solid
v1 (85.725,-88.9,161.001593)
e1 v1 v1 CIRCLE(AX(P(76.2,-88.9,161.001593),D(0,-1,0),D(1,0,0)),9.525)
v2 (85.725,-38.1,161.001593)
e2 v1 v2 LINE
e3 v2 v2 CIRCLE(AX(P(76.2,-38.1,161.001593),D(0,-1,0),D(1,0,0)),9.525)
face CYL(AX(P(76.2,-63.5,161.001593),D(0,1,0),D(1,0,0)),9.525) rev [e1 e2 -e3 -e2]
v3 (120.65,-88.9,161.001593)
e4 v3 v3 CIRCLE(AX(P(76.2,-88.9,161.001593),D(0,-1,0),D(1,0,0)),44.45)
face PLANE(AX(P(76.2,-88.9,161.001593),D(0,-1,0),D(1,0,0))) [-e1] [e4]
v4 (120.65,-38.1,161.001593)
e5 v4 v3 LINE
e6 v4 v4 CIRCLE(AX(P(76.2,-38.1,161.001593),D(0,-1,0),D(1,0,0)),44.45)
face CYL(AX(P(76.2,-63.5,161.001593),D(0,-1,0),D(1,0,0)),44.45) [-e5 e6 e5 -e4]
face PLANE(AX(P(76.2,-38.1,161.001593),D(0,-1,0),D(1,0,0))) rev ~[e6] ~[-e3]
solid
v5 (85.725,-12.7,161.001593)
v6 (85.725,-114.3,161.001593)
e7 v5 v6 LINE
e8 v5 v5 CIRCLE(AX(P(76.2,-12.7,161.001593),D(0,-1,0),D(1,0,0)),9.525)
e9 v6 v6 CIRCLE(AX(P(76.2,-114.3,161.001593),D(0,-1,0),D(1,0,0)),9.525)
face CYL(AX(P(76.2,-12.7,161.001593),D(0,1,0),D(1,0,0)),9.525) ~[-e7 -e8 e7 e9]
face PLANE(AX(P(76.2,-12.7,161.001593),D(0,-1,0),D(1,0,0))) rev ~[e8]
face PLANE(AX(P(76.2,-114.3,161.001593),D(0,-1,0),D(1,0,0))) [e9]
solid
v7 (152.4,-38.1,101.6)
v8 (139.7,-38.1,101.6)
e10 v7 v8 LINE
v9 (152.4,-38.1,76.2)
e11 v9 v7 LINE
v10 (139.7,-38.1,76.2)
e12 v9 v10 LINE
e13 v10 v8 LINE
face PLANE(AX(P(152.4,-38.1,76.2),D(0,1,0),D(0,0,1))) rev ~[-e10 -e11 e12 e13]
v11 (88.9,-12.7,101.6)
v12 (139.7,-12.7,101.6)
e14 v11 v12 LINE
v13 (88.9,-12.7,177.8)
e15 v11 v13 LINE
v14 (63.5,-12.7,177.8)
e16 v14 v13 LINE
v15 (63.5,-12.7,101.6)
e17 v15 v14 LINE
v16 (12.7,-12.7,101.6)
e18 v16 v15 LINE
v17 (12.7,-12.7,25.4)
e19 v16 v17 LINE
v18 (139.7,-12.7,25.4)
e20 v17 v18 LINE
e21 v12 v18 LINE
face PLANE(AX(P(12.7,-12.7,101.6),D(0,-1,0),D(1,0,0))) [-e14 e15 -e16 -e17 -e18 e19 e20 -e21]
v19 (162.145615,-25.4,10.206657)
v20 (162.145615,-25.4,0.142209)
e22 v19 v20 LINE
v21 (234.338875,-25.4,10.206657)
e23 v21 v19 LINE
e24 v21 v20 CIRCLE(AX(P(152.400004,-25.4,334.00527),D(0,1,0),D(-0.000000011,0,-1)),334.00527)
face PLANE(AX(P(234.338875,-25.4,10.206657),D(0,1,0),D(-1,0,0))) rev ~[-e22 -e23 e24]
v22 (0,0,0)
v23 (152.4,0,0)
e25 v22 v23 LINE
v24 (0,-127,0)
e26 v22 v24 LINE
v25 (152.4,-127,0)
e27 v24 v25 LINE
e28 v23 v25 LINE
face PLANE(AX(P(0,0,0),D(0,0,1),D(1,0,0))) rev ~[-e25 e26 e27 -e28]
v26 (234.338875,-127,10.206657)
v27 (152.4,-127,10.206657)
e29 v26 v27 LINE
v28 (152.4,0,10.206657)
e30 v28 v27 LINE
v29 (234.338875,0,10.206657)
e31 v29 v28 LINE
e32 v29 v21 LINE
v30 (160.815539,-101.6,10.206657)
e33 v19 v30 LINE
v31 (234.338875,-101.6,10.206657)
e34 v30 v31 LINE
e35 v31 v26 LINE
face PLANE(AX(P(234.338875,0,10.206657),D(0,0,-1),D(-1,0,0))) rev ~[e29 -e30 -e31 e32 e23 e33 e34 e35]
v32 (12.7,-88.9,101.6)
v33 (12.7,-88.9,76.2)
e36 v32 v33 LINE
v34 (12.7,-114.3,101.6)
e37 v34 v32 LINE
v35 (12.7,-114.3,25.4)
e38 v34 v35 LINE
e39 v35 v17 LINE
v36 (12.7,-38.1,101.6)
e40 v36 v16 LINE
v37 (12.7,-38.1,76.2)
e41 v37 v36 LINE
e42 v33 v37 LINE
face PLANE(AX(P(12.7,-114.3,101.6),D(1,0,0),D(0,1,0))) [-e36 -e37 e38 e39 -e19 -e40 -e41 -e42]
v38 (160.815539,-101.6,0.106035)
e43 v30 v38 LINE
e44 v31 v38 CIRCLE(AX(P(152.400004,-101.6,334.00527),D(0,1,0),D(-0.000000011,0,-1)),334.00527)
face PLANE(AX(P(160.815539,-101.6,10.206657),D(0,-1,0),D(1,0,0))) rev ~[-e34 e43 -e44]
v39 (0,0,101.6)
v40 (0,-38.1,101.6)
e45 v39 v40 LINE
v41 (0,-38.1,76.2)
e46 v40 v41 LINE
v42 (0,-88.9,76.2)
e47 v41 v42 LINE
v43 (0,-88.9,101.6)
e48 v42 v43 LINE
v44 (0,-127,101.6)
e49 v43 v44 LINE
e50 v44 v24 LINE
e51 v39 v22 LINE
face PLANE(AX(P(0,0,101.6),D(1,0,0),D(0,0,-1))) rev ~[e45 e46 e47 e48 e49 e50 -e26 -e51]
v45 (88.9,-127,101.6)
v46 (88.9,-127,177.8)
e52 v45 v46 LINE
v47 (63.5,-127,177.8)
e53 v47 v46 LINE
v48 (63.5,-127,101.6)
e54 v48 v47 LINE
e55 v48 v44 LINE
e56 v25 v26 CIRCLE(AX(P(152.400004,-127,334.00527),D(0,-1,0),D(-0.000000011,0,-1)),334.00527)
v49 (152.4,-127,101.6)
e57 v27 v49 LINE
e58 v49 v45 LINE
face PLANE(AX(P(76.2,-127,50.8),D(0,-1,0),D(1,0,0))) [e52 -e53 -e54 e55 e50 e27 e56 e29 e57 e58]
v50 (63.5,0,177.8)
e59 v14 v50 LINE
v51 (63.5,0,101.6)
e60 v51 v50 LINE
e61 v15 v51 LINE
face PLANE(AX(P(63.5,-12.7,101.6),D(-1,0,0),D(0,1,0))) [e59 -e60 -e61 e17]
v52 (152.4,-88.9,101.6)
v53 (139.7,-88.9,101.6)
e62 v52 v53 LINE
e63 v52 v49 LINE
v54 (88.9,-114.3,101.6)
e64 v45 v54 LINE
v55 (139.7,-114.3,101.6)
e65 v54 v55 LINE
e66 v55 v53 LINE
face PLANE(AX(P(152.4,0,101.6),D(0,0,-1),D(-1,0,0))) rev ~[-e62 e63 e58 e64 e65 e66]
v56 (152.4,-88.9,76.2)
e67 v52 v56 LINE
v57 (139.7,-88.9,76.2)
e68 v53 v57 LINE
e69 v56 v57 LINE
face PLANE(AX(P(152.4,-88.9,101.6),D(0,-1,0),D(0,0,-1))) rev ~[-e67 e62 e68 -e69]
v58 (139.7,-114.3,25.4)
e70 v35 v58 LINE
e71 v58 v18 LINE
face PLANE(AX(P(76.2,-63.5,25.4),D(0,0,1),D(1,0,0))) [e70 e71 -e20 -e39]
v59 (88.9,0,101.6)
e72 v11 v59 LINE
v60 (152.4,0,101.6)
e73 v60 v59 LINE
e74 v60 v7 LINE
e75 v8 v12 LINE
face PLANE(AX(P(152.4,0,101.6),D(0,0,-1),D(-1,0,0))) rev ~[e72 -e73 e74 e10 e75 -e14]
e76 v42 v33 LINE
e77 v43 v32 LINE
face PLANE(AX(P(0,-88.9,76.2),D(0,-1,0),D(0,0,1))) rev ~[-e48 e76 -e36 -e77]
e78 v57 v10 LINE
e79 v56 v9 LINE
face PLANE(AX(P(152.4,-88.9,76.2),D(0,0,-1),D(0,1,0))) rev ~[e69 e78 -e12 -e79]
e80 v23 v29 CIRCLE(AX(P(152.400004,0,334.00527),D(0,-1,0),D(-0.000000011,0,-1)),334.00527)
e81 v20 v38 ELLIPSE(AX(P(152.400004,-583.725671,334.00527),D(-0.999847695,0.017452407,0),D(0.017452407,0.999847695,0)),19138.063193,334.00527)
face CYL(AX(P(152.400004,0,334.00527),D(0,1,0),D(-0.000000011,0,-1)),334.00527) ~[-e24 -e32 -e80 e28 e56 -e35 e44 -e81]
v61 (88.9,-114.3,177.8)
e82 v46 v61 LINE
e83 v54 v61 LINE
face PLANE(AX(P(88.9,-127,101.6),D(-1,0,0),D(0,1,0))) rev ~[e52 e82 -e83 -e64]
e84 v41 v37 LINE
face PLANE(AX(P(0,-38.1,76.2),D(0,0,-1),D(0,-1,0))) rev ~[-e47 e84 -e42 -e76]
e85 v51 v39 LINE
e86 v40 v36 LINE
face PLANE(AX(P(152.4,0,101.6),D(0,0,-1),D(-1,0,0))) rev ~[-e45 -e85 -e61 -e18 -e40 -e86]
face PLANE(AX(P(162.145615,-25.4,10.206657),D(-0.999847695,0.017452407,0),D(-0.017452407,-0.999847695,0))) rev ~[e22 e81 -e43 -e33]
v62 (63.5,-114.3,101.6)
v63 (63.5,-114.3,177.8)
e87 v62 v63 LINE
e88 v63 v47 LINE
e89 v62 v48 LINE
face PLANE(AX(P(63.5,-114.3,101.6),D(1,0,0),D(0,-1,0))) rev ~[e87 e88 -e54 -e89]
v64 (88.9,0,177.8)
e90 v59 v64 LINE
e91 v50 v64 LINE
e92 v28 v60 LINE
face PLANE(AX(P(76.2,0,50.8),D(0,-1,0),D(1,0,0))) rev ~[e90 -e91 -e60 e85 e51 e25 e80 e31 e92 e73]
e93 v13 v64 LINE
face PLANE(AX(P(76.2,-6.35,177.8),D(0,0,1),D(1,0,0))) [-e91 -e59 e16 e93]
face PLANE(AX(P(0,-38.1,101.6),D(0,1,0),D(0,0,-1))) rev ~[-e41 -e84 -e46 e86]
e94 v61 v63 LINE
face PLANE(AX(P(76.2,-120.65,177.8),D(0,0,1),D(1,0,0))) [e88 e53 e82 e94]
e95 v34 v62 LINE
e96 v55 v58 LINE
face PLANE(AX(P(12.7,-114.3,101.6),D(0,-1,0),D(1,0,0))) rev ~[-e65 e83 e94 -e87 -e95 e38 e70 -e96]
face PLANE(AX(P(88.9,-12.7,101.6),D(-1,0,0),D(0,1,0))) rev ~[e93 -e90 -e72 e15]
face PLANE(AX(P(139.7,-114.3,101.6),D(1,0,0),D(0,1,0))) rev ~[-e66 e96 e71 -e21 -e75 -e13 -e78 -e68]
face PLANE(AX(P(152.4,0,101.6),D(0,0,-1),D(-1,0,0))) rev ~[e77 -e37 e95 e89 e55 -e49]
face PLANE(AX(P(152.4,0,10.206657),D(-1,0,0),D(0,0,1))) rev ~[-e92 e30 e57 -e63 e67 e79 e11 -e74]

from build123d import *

# Parameters (mm, degrees)
F1_DEPTH  = 127
F2_W      = 127
F2_H      = 101.6
F3_DEPTH  = 76.2
F5_DEPTH  = 25.4
F7_DEPTH  = 25.4
F8_W      = 25.4
F8_H      = 12.7
F9_DEPTH  = 76.2
F11_DEPTH = 25.4
F12_R     = 9.525
F13_DEPTH = 101.6
F15_R     = 44.45
F15_R_2   = 9.525
F16_DEPTH = 25.4


with BuildPart() as f1:
    # F0 (on Front) → F1 (new body)
    with BuildSketch(Plane.XZ):
        Polygon((0, 101.6), (0, 0), (152.4, 0), (152.4, 10.206657), (152.4, 101.6), align=None)
        with BuildLine():
            Line((152.4, 10.206657), (152.4, 0))
            ThreePointArc((152.4, 0), (193.68606, 2.561486), (234.338875, 10.206657))
            Line((234.338875, 10.206657), (152.4, 10.206657))
        make_face()
    extrude(amount=F1_DEPTH)

    # F2 (on face) → F3 (cut)
    with BuildSketch(Plane.XY.offset(101.6)):
        with Locations((76.2, -63.5)):
            Rectangle(F2_W, F2_H)
    extrude(amount=-F3_DEPTH, mode=Mode.SUBTRACT)

    # F4 (on face) → F5 (cut)
    with BuildSketch(Plane.YZ.offset(152.4)):
        Polygon((-38.1, 101.6), (-63.5, 101.6), (-88.9, 101.6), (-88.9, 76.2), (-38.1, 76.2), align=None)
    extrude(amount=-F5_DEPTH, mode=Mode.SUBTRACT)

    # F6 (on face) → F7 (cut)
    with BuildSketch(Plane(origin=(0, 0, 0), x_dir=(0, -1, 0), z_dir=(-1, 0, 0))):
        Polygon((88.9, 101.6), (63.5, 101.6), (38.1, 101.6), (38.1, 76.2), (88.9, 76.2), align=None)
    extrude(amount=-F7_DEPTH, mode=Mode.SUBTRACT)

    # F8 (on face) → F9 (join)
    with BuildSketch(Plane.XY.offset(101.6)):
        Polygon((63.5, -127), (76.2, -127), (88.9, -127), (88.9, -114.3), (63.5, -114.3), align=None)
        with Locations((76.2, -6.35)):
            Rectangle(F8_W, F8_H)
    extrude(amount=F9_DEPTH)

    # F10 (on face) → F11 (cut)
    with BuildSketch(Plane.XY.offset(10.206657)):
        Polygon((162.145615, -25.4), (160.815539, -101.6), (198.388083, -101.6), (234.338875, -101.6), (234.338875, -25.4), (198.388083, -25.4), align=None)
    extrude(amount=-F11_DEPTH, mode=Mode.SUBTRACT)


with BuildPart() as f13:
    # F12 (on face) → F13 (new body, through all)
    with BuildSketch(Plane.XZ.offset(12.7)):
        with Locations((76.2, 161.001593)):
            Circle(F12_R)
    extrude(amount=F13_DEPTH)


with BuildPart() as f16:
    # F15 (on offset) → F16 (new body, symmetric)
    with BuildSketch(Plane.XZ.offset(63.5)):
        with Locations((76.2, 161.001593)):
            Circle(F15_R)
        with Locations((76.2, 161.001593)):
            Circle(F15_R_2, mode=Mode.SUBTRACT)
    extrude(amount=F16_DEPTH, both=True)


solid = Compound([f1.part, f13.part, f16.part])
